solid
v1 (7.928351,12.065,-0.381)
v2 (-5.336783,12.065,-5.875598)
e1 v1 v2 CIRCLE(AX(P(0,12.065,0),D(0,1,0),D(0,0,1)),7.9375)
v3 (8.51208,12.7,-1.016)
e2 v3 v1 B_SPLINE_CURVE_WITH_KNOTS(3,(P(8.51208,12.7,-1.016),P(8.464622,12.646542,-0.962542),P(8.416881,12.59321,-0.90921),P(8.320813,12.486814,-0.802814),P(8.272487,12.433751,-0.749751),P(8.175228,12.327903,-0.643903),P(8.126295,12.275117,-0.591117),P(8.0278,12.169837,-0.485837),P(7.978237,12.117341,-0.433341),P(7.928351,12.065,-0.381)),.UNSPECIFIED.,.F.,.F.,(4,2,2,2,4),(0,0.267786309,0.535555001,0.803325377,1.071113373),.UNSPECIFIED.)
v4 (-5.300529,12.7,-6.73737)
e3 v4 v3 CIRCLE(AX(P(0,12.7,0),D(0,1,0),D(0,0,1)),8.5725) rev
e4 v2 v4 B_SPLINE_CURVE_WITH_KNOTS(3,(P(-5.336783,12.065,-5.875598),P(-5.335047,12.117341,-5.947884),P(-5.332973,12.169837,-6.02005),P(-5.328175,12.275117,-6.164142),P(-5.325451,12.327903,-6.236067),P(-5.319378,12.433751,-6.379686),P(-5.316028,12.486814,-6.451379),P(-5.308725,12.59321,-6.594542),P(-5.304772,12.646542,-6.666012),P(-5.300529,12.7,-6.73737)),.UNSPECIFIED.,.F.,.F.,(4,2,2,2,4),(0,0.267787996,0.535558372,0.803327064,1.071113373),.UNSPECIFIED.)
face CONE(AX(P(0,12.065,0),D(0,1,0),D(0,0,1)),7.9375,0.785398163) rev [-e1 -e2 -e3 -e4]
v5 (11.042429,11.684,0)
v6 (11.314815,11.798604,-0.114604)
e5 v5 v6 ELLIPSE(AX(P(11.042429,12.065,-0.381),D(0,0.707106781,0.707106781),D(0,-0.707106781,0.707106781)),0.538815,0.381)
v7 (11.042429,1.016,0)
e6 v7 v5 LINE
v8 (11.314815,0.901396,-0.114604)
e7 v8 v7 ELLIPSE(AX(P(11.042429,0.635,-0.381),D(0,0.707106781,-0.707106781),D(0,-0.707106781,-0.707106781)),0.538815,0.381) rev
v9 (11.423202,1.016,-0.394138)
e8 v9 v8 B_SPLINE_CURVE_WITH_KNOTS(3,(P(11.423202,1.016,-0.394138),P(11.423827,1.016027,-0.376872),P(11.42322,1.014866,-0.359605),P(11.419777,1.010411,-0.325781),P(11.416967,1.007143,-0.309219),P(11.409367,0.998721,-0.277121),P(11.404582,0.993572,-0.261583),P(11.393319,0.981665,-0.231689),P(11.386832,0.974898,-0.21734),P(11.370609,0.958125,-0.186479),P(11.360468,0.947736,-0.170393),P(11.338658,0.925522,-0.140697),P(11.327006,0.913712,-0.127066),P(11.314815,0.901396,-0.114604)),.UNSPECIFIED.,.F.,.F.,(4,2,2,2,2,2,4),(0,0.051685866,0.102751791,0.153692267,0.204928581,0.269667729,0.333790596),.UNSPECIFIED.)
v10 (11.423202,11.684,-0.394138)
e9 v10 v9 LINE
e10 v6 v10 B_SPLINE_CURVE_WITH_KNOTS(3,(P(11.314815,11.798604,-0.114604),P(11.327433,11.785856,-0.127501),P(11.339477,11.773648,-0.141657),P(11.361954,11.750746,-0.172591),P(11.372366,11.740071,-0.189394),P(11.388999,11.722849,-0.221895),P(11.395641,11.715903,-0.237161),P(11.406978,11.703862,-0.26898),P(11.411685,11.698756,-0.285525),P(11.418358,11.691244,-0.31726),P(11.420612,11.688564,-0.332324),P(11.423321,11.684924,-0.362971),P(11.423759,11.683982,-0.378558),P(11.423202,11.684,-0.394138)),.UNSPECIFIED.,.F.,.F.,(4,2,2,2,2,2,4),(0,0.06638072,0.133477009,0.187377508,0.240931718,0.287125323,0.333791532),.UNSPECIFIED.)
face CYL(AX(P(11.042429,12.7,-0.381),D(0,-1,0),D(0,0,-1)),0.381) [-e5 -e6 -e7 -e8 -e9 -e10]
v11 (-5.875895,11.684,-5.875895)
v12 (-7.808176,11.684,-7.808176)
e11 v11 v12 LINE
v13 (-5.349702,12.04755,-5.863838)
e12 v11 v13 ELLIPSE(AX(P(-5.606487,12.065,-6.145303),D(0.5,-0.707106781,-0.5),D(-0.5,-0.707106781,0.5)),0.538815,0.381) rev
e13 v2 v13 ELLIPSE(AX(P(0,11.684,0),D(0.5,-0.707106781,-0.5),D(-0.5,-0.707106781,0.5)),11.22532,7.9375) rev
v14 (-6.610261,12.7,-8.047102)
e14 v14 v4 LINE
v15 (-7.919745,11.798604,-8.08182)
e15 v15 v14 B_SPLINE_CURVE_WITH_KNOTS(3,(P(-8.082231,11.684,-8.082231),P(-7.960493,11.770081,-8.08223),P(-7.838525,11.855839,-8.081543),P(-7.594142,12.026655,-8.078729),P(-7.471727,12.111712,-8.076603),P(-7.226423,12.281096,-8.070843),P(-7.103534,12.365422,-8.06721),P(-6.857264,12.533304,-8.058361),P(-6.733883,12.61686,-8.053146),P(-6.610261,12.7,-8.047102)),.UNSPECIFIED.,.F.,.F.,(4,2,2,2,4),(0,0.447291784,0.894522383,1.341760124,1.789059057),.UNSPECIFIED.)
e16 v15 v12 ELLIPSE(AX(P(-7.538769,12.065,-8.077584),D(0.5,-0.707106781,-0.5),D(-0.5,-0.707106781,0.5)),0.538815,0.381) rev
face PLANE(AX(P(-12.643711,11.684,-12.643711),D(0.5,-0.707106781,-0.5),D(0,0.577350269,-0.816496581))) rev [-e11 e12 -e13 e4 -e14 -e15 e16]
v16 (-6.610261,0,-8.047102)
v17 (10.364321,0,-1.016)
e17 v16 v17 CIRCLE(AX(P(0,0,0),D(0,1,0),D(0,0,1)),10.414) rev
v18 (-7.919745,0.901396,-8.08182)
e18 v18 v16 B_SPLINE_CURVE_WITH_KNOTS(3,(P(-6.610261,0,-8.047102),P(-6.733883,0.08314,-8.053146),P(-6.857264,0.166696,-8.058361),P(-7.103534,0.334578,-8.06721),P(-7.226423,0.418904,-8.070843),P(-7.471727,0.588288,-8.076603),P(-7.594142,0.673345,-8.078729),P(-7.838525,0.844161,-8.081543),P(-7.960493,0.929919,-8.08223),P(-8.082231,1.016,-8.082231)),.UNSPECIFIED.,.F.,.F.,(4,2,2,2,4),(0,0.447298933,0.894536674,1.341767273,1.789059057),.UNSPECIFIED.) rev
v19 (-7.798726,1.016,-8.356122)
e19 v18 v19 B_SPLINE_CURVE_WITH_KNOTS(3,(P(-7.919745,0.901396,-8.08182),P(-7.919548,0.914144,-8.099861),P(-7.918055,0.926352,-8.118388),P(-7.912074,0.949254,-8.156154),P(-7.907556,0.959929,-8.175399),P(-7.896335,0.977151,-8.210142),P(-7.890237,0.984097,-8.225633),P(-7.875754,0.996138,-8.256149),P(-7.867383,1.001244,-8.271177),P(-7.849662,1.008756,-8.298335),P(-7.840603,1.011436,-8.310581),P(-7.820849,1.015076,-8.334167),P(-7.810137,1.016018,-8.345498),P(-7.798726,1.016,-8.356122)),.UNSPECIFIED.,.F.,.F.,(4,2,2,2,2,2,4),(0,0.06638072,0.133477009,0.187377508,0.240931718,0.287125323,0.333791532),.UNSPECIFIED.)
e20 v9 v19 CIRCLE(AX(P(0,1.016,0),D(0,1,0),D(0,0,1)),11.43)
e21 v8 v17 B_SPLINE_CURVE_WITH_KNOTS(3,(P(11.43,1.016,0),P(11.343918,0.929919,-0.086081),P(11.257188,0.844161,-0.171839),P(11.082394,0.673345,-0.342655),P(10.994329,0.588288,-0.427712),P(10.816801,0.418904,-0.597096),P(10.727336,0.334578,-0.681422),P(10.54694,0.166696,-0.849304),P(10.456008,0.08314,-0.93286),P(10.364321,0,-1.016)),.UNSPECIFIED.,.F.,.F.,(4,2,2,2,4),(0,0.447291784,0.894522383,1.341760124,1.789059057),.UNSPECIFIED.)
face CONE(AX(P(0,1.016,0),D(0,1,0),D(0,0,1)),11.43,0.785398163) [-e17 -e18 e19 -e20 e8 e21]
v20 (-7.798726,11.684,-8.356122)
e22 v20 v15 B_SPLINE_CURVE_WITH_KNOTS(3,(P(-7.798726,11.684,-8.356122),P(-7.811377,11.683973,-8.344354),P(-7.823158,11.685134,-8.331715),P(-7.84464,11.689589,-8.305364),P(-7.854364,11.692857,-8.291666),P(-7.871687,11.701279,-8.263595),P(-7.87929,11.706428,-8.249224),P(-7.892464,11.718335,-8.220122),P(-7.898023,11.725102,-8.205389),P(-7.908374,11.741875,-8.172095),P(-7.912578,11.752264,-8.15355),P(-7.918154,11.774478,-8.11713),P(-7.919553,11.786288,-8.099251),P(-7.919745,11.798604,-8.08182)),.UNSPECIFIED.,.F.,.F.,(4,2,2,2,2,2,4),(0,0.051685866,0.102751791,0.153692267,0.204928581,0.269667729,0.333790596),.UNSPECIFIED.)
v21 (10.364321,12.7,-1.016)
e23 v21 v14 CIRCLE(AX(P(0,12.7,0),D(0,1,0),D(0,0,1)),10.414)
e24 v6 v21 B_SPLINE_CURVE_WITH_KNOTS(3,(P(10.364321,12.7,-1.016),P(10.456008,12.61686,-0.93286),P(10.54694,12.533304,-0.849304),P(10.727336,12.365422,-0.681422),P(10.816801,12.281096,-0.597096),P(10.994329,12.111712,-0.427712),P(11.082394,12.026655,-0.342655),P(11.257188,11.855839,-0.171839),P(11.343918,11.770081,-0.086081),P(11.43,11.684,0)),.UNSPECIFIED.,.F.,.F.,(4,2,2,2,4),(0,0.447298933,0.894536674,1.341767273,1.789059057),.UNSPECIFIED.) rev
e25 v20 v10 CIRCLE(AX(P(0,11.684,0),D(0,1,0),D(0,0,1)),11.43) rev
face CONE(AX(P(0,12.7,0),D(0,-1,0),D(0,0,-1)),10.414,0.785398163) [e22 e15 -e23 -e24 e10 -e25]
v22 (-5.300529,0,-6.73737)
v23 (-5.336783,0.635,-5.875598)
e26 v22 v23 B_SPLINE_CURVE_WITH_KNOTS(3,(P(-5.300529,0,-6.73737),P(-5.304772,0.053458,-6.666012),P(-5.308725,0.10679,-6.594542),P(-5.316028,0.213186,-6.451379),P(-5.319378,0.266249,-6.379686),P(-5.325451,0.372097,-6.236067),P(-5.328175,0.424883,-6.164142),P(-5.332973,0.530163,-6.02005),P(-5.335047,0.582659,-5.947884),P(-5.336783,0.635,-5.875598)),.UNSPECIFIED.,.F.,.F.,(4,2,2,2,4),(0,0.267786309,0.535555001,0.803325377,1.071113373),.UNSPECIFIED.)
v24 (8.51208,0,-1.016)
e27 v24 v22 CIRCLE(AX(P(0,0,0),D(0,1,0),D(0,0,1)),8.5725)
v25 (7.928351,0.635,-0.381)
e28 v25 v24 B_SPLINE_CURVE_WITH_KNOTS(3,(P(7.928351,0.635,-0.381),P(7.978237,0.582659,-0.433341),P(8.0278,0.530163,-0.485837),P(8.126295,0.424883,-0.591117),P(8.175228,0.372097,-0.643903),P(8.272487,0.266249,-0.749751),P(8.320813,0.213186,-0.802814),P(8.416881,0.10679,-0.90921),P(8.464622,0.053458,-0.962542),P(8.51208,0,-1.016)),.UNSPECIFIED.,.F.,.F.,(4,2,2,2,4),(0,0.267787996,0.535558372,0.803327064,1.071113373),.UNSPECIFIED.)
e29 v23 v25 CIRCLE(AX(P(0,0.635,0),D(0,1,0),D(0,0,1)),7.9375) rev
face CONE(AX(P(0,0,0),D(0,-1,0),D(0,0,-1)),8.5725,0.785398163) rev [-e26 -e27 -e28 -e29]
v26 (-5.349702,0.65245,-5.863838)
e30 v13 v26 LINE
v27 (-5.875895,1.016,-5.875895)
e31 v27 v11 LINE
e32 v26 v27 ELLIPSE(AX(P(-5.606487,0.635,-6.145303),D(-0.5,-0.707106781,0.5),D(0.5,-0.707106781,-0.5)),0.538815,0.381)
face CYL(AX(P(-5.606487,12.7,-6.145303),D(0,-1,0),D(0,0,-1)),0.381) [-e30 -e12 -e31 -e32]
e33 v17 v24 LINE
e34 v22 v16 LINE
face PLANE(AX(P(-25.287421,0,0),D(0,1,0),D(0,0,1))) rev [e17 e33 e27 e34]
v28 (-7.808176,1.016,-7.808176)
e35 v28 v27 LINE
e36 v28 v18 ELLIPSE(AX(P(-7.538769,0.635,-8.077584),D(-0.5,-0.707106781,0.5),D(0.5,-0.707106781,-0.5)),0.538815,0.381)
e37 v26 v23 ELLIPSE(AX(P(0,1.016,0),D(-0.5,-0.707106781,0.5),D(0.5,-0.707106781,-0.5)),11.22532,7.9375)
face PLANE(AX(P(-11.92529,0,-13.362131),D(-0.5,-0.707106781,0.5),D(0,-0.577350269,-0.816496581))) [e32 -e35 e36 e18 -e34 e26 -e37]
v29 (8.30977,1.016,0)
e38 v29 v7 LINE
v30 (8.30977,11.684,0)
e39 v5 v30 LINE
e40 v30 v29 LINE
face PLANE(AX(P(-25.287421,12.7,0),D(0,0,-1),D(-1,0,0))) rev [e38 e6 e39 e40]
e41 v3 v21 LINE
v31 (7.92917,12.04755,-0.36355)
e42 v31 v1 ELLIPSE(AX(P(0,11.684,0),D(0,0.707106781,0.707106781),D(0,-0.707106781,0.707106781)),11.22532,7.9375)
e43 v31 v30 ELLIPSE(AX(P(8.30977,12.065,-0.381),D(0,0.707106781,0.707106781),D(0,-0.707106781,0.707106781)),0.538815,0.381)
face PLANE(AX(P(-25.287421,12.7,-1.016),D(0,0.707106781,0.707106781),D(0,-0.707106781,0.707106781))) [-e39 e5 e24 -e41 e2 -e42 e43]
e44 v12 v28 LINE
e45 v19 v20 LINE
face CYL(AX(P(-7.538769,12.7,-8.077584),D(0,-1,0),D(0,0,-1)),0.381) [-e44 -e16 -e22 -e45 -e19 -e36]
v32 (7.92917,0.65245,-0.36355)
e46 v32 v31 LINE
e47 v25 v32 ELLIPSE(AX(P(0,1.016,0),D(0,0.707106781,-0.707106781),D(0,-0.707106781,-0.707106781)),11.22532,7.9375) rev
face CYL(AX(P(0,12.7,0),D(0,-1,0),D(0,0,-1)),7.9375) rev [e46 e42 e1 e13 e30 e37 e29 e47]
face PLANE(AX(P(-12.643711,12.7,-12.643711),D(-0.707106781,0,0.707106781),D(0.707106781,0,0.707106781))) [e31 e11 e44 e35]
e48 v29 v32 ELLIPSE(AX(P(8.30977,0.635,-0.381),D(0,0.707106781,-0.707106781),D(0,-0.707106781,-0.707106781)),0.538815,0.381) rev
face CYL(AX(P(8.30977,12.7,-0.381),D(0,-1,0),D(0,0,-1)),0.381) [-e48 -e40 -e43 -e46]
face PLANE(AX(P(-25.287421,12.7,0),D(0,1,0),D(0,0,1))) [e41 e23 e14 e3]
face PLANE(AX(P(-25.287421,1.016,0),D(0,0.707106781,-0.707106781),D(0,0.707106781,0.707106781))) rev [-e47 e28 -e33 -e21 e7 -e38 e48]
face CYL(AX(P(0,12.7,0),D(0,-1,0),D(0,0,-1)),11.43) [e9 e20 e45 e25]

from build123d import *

# Parameters (mm, degrees)
BOSS_EXTRUDE1_DEPTH = 12.7
CHAMFER1_SIZE       = 1.016
CHAMFER2_SIZE       = 0.635
FILLET1_R           = 0.381


with BuildPart() as part:
    # Sketch1 → Boss-Extrude1 (new body)
    with BuildSketch(Plane(origin=(0, 0, 0), x_dir=(1, 0, 0), z_dir=(0, 1, 0))):
        with BuildLine():
            ThreePointArc((-5.612660076, 5.612660076), (3.037549744, 7.333293789), (7.9375, 0))
            Line((7.9375, 0), (11.43, 0))
            ThreePointArc((11.43, 0), (4.374071632, 10.559943057), (-8.082230509, 8.082230509))
            Line((-8.082230509, 8.082230509), (-5.612660076, 5.612660076))
        make_face()
    extrude(amount=BOSS_EXTRUDE1_DEPTH)

    # Chamfer1
    chamfer1_edges = [part.edges().sort_by_distance(p)[0] for p in [
        (-6.847445292, 12.7, -6.847445292),
        (9.68375, 12.7, 0),
        (-6.847445292, 0, -6.847445292),
        (4.374071632, 0, -10.559943057),
        (9.68375, 0, 0),
        (4.374071632, 12.7, -10.559943057),
    ]]
    chamfer(chamfer1_edges, length=CHAMFER1_SIZE)

    # Chamfer2
    chamfer2_edges = [part.edges().sort_by_distance(p)[0] for p in [
        (3.037549744, 0, -7.333293789),
        (3.037549744, 12.7, -7.333293789),
    ]]
    chamfer(chamfer2_edges, length=CHAMFER2_SIZE)

    # Fillet1
    fillet1_edges = [part.edges().sort_by_distance(p)[0] for p in [
        (7.9375, 6.35, 0),
        (11.43, 6.35, 0),
        (-8.082230509, 6.35, -8.082230509),
        (-5.612660076, 6.35, -5.612660076),
    ]]
    fillet(fillet1_edges, radius=FILLET1_R)


solid = part.part
